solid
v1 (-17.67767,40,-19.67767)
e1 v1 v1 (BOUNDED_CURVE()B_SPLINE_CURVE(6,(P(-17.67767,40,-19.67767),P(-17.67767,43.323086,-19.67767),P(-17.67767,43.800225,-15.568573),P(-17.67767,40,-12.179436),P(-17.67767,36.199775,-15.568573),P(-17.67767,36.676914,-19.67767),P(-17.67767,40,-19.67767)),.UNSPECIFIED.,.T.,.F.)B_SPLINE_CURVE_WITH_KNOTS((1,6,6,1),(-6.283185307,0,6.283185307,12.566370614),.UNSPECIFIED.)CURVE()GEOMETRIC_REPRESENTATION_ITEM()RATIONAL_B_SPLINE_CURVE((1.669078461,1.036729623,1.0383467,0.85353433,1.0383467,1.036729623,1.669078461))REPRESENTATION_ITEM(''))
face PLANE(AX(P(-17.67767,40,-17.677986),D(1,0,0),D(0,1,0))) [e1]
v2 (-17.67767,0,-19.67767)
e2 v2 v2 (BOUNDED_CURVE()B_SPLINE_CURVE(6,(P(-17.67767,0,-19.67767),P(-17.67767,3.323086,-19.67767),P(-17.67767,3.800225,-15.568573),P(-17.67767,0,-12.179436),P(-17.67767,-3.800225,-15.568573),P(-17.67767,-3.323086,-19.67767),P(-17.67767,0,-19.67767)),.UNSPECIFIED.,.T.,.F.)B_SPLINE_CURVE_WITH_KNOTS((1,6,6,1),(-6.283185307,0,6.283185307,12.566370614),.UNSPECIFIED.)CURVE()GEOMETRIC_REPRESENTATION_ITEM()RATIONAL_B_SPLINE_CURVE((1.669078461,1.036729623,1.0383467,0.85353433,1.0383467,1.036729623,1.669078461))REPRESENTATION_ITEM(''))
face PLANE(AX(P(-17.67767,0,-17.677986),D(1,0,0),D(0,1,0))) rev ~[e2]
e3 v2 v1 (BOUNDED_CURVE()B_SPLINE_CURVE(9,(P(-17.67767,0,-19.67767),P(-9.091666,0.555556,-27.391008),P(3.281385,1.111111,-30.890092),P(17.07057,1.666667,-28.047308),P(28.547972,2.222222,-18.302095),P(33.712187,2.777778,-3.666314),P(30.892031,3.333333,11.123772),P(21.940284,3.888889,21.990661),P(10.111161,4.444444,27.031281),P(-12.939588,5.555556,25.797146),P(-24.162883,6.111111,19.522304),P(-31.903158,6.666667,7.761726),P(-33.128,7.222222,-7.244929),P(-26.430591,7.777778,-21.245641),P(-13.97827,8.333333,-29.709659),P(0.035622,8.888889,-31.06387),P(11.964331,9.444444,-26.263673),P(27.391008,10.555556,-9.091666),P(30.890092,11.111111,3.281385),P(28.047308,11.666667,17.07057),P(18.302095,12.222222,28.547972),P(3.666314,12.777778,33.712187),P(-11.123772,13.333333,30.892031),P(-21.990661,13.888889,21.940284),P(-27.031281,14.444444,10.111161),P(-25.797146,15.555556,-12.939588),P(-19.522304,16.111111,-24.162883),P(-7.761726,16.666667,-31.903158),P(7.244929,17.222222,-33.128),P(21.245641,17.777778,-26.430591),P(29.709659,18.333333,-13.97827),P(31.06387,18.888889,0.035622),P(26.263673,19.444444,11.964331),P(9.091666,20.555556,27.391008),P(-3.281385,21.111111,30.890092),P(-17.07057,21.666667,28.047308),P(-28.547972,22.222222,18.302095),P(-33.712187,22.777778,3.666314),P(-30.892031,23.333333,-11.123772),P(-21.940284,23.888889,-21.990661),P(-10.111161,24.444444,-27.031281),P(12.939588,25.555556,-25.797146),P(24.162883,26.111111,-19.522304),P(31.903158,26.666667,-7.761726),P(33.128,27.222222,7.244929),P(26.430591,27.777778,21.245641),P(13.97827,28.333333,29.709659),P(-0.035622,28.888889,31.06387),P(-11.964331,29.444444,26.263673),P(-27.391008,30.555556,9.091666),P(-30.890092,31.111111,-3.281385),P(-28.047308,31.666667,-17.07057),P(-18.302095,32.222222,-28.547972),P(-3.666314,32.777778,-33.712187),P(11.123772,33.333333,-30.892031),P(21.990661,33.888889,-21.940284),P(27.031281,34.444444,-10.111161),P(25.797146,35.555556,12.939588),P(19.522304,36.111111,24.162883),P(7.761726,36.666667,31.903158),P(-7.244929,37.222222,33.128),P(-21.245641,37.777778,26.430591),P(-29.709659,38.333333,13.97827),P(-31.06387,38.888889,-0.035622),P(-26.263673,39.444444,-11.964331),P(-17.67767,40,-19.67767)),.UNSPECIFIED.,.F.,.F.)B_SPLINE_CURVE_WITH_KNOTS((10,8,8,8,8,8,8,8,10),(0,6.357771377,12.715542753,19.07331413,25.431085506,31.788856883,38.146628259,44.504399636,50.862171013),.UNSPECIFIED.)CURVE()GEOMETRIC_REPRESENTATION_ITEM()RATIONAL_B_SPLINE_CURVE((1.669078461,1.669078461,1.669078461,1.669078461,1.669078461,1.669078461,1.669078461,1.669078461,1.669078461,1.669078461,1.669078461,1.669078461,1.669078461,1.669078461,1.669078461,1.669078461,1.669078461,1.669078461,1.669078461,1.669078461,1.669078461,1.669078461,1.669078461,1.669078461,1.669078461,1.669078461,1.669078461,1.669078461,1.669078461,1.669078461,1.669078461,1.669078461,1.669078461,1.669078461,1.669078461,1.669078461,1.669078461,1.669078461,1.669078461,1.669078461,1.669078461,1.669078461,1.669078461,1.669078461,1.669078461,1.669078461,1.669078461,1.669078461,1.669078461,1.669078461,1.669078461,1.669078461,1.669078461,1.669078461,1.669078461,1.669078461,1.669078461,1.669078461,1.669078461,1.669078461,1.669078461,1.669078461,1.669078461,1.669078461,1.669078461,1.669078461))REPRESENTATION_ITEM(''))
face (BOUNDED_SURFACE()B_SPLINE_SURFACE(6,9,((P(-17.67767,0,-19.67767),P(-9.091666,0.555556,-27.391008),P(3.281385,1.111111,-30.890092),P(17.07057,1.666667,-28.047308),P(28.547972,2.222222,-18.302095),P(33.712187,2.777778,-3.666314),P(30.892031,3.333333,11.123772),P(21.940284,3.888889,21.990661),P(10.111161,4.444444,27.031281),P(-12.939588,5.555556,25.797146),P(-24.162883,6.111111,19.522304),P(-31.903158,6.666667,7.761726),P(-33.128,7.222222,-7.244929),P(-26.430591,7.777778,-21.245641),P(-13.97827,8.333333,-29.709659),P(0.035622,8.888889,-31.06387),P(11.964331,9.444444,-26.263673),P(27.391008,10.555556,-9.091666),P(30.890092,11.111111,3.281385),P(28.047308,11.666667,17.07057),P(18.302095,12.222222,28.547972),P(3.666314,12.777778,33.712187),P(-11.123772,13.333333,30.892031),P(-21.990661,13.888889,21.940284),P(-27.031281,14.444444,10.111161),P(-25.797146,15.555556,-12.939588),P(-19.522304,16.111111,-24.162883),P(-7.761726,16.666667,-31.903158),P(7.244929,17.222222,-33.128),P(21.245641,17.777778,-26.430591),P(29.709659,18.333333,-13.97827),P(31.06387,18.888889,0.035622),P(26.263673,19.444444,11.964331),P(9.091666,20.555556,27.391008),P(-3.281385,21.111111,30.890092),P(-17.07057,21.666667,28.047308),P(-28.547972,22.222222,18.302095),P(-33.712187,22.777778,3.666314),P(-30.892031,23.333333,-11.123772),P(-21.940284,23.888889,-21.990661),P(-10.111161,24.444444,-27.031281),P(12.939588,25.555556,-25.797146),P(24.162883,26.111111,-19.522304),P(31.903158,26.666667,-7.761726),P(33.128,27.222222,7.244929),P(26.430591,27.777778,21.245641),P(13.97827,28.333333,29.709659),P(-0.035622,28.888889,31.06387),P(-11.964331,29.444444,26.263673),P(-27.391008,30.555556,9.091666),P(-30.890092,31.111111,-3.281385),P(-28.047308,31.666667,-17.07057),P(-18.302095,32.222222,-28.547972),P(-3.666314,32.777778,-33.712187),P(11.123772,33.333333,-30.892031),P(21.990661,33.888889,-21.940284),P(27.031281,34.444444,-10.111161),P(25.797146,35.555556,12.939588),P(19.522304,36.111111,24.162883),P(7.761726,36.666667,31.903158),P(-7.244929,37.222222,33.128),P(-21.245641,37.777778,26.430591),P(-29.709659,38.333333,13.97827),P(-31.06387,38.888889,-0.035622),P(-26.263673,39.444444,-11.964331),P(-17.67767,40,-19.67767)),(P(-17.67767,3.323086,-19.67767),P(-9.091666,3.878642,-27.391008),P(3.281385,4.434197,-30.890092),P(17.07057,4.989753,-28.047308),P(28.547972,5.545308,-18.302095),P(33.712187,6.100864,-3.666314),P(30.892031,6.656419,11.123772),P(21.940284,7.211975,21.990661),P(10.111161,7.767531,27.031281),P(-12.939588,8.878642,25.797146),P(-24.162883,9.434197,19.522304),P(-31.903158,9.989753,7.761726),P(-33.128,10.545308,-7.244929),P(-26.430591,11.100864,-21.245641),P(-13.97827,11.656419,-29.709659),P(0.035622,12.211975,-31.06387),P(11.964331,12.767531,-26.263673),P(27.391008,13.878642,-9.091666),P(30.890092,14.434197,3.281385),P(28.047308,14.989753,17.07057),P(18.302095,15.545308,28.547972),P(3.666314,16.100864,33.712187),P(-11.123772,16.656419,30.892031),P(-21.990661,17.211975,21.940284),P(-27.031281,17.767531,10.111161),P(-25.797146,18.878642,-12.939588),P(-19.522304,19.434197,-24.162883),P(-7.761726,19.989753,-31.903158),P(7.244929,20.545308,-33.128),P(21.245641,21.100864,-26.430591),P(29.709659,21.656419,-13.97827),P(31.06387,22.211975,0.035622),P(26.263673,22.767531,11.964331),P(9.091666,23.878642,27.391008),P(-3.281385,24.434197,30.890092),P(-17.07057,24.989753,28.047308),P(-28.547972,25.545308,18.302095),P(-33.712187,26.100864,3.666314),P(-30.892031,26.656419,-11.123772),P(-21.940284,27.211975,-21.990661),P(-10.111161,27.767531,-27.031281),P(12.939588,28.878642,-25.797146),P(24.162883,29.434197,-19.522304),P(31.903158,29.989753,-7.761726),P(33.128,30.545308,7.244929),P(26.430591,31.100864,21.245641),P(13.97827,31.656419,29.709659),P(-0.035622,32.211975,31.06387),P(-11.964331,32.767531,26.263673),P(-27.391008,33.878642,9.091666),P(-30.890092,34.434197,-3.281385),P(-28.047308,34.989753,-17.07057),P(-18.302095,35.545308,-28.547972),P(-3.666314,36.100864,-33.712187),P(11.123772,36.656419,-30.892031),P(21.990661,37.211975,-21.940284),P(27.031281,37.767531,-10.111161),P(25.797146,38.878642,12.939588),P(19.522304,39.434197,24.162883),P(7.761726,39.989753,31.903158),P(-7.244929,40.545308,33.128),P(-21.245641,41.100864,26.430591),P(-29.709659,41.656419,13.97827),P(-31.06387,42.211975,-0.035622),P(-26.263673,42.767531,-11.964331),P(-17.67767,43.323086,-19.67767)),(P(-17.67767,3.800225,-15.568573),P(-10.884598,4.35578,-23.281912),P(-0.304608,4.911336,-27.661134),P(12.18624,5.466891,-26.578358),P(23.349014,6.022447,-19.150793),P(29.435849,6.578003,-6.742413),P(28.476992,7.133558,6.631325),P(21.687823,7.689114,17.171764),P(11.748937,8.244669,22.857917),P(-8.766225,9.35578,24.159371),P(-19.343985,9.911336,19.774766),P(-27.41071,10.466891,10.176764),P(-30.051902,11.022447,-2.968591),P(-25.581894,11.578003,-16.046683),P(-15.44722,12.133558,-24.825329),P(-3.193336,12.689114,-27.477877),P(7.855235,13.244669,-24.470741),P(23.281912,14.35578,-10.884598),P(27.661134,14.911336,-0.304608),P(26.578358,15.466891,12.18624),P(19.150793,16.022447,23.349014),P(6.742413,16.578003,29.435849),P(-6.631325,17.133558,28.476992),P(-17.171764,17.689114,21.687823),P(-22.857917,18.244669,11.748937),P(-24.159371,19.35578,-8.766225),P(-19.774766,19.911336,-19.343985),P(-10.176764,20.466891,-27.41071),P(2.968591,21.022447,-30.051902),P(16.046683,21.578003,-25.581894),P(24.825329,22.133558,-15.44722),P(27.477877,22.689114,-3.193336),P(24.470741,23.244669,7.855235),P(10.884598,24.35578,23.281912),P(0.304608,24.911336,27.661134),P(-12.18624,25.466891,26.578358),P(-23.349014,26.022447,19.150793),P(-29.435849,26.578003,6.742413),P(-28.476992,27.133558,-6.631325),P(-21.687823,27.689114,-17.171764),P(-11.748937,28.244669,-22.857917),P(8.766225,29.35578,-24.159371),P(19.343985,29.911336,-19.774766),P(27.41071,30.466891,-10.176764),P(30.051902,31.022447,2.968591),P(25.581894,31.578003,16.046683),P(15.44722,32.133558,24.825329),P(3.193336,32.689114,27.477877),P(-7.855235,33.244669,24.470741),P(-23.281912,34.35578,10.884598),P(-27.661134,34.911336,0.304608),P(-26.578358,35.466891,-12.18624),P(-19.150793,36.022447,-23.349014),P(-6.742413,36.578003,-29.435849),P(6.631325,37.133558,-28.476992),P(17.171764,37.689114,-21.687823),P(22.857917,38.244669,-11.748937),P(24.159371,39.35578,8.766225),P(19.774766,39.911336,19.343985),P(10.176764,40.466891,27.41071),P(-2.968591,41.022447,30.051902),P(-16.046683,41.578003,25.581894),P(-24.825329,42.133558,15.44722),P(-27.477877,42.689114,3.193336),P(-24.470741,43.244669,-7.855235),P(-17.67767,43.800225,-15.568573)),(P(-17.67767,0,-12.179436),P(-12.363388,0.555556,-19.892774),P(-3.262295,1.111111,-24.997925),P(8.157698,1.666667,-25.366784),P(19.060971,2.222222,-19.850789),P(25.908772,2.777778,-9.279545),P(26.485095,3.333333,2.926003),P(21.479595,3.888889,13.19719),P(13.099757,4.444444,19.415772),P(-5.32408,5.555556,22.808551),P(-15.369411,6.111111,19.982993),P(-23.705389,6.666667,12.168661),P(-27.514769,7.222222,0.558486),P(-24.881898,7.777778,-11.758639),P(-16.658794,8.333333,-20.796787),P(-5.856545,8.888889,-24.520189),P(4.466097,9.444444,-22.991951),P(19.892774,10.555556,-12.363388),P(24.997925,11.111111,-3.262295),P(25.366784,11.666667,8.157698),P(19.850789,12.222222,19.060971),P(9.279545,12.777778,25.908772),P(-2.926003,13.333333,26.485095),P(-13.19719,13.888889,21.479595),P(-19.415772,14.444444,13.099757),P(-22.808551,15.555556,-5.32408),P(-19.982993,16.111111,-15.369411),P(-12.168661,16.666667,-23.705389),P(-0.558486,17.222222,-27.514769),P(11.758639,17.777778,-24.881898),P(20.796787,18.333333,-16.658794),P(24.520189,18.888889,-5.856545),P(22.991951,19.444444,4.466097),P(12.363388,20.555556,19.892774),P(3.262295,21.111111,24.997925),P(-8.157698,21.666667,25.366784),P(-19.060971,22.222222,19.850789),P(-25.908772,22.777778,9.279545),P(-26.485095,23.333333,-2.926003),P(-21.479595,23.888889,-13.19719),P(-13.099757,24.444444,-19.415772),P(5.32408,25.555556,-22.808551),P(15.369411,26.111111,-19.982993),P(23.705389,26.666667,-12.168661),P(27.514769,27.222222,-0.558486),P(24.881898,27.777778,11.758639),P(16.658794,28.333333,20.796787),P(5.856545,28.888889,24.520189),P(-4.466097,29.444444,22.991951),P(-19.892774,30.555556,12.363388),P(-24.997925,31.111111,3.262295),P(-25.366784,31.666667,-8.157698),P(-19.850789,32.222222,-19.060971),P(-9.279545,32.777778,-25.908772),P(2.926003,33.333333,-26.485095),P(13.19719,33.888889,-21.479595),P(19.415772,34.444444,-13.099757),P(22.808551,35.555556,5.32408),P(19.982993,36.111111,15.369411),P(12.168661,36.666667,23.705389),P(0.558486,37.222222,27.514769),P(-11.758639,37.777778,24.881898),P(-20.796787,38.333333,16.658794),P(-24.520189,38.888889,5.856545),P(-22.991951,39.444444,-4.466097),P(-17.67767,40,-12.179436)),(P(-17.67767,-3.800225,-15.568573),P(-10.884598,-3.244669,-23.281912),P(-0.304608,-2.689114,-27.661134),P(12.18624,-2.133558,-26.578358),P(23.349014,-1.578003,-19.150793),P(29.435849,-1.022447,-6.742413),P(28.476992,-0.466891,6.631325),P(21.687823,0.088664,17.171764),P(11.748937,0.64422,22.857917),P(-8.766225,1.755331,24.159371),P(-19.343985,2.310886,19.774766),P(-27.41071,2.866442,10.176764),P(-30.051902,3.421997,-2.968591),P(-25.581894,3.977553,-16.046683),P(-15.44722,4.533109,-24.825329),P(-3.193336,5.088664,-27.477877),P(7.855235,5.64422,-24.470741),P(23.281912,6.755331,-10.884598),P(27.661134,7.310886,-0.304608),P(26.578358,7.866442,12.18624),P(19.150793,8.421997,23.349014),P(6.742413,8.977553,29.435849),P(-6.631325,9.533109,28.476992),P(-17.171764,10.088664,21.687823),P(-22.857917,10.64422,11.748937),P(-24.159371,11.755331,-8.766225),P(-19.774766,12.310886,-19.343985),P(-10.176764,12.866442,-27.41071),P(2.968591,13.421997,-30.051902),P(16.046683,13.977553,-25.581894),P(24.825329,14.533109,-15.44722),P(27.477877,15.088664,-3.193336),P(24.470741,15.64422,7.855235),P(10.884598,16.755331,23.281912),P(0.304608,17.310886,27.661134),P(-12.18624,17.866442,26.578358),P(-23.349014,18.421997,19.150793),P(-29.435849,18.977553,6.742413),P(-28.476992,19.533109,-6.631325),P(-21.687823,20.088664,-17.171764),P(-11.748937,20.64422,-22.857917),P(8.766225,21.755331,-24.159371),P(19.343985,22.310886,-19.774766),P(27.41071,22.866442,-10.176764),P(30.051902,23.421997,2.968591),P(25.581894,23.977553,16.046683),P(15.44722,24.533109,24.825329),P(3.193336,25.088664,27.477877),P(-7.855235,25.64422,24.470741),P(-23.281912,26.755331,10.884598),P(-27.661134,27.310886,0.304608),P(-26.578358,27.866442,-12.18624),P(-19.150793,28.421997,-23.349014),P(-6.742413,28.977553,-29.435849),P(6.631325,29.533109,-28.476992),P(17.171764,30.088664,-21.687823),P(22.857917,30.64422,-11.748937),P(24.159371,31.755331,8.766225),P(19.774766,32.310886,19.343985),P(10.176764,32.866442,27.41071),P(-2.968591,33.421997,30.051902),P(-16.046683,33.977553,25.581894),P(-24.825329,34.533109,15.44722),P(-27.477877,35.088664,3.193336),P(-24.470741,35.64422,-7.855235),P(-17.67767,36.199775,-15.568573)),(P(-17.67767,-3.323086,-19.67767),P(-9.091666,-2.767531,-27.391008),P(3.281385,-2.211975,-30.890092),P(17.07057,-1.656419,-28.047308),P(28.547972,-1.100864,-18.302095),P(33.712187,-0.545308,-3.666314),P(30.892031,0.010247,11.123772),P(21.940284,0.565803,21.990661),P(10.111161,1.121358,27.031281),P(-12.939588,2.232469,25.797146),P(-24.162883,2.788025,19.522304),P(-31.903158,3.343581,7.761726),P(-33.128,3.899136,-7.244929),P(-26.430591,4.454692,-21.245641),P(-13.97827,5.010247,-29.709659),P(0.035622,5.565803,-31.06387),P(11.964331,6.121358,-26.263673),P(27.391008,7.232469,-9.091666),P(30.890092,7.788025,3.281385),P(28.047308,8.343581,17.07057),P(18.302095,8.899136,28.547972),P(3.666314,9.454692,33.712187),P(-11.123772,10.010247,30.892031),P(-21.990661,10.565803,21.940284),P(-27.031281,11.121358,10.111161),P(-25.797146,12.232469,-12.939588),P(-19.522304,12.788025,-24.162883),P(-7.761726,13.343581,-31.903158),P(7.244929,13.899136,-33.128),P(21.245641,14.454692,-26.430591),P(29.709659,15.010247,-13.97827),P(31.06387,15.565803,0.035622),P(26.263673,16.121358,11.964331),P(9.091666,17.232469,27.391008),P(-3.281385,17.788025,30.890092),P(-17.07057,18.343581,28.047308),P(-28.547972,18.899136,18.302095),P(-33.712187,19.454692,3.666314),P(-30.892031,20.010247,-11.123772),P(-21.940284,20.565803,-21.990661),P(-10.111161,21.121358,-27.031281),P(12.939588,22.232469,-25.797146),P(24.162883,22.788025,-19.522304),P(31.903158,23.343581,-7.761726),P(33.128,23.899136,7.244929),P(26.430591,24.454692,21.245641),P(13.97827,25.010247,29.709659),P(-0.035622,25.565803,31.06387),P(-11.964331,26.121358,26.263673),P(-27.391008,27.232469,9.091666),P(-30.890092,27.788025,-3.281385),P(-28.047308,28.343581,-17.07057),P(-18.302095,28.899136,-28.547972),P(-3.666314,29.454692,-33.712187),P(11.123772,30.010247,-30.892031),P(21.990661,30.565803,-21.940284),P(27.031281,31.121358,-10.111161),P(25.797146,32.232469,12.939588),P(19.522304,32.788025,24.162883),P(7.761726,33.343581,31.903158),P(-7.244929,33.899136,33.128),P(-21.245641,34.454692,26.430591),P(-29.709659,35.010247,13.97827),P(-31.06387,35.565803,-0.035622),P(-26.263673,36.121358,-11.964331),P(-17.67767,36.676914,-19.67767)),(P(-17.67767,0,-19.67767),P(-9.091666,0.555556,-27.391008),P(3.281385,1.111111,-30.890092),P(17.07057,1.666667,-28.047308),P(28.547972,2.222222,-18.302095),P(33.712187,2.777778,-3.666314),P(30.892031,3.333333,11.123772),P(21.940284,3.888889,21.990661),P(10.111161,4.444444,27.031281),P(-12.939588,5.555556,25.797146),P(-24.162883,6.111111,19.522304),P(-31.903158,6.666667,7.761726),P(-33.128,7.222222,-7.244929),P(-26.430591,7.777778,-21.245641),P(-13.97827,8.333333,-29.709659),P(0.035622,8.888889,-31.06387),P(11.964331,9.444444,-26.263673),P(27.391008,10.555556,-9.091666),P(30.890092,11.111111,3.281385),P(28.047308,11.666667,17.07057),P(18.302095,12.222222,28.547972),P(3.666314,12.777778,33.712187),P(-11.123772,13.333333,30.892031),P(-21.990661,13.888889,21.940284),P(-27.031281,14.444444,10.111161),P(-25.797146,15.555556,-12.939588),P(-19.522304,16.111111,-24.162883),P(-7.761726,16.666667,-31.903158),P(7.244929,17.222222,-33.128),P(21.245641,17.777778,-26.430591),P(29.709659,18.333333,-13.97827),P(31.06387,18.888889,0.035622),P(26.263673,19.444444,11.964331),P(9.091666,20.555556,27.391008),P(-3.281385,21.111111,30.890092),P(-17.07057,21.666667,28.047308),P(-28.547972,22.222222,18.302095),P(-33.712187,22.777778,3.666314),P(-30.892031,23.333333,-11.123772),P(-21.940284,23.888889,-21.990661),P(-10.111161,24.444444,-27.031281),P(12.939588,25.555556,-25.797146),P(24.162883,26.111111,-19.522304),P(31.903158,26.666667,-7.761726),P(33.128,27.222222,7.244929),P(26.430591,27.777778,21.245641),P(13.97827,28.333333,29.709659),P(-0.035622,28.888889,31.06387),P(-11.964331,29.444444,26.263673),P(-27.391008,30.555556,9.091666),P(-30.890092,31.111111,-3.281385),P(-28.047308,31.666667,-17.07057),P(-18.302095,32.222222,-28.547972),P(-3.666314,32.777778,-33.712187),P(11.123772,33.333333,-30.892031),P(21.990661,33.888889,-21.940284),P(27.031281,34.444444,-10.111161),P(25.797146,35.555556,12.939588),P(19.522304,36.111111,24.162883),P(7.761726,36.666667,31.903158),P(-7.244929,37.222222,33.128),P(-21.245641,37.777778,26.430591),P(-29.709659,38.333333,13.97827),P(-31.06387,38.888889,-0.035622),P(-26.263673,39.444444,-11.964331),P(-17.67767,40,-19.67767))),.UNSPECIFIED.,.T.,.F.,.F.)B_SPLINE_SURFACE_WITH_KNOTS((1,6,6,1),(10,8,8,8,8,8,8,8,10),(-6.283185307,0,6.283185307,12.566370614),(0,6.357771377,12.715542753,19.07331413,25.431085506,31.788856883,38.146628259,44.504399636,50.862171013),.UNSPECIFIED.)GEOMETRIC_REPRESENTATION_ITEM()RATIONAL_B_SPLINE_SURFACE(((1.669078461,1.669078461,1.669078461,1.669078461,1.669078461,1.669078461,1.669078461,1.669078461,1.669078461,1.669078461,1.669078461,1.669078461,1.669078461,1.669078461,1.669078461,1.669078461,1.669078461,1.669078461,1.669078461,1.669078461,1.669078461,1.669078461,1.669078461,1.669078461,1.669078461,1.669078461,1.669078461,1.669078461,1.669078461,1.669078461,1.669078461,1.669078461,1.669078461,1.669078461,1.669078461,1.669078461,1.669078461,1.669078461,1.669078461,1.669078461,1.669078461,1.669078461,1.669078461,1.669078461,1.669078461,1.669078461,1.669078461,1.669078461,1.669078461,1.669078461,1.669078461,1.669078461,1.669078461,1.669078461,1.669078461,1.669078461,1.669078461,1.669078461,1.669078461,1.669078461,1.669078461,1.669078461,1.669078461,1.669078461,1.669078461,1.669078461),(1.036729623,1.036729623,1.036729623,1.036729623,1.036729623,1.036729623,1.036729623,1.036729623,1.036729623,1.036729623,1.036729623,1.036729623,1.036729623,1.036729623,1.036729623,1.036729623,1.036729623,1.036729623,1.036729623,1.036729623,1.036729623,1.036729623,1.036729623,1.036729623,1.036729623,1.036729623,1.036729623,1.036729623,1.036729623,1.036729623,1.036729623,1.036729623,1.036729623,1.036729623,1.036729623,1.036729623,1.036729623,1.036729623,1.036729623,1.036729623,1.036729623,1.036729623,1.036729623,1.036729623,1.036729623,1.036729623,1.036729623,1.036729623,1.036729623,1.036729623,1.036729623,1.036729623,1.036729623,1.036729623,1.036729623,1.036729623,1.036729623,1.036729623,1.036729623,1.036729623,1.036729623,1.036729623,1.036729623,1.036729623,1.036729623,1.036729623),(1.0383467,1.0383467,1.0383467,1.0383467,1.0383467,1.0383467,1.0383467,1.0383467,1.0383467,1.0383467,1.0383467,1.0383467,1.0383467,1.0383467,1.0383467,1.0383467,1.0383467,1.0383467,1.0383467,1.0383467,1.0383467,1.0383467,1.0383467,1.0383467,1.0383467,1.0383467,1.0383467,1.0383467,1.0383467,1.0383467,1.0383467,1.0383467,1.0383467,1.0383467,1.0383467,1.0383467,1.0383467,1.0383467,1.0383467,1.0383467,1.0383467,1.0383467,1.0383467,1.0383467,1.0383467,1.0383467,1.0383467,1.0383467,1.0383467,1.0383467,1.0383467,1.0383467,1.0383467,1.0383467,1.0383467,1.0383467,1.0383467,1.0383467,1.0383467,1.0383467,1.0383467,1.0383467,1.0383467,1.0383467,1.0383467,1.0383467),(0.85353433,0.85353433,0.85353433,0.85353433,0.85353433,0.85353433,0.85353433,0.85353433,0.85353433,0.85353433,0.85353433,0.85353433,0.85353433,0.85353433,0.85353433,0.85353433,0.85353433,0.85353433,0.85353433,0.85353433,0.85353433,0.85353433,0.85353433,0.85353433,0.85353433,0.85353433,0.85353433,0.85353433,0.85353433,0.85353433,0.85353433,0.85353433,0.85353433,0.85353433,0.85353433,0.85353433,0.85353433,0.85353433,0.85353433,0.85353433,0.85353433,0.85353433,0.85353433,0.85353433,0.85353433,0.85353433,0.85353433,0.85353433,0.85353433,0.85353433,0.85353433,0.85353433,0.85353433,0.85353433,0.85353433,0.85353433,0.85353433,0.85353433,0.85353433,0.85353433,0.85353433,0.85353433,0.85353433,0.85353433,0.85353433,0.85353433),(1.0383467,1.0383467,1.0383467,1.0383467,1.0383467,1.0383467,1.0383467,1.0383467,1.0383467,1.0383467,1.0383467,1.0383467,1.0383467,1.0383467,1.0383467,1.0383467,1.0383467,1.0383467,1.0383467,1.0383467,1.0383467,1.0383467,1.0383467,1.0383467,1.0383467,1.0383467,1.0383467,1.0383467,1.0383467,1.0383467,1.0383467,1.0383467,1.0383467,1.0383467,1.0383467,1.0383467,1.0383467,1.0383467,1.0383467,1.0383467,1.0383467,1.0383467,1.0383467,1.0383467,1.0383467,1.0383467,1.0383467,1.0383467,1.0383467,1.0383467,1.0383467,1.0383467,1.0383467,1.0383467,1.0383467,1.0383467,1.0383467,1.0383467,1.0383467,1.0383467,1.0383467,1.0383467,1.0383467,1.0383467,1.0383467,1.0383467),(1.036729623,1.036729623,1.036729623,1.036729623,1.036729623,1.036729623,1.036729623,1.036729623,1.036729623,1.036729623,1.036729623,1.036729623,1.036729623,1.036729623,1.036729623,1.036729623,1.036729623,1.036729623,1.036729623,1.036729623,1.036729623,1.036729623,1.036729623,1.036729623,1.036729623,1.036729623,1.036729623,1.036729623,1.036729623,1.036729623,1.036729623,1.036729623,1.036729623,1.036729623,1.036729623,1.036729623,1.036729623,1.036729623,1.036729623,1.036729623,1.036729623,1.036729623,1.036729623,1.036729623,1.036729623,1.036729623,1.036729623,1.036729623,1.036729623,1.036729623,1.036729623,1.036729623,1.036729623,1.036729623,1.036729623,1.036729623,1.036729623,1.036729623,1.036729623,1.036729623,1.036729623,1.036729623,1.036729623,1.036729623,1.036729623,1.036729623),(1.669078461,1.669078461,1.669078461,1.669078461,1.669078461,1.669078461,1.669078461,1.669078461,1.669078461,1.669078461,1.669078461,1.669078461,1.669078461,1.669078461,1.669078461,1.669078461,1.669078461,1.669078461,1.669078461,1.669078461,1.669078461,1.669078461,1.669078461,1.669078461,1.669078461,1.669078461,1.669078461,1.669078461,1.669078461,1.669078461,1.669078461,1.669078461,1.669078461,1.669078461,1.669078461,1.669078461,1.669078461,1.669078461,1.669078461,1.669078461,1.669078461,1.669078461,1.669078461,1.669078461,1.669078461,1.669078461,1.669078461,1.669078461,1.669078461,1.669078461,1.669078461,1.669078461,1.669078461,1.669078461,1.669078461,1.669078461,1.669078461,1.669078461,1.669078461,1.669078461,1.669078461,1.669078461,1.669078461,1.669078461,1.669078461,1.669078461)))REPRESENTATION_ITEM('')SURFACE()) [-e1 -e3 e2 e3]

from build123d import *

# Parameters (mm, degrees)
SWEEP1_PITCH       = 8
SWEEP1_HEIGHT      = 40
SWEEP1_RADIUS      = 25
SWEEP1_START_ANGLE = -135
SKETCH4_R          = 2


with BuildPart() as part:
    # Sweep1: sweep along a helix
    with BuildLine() as sweep1_path:
        add(Helix(SWEEP1_PITCH, SWEEP1_HEIGHT, SWEEP1_RADIUS, center=(0, 0, 0), direction=(0, 1, 0), lefthand=True, mode=Mode.PRIVATE).rotate(Axis((0, 0, 0), (0, 1, 0)), SWEEP1_START_ANGLE))
    # Sketch4 → Sweep1 (sweep)
    with BuildSketch(Plane(origin=(-17.67766953, 0, 0), x_dir=(0, 0, -1), z_dir=(1, 0, 0))):
        with Locations((17.67766953, 0)):
            Circle(SKETCH4_R)
    sweep(path=sweep1_path.line, is_frenet=True)


solid = part.part
